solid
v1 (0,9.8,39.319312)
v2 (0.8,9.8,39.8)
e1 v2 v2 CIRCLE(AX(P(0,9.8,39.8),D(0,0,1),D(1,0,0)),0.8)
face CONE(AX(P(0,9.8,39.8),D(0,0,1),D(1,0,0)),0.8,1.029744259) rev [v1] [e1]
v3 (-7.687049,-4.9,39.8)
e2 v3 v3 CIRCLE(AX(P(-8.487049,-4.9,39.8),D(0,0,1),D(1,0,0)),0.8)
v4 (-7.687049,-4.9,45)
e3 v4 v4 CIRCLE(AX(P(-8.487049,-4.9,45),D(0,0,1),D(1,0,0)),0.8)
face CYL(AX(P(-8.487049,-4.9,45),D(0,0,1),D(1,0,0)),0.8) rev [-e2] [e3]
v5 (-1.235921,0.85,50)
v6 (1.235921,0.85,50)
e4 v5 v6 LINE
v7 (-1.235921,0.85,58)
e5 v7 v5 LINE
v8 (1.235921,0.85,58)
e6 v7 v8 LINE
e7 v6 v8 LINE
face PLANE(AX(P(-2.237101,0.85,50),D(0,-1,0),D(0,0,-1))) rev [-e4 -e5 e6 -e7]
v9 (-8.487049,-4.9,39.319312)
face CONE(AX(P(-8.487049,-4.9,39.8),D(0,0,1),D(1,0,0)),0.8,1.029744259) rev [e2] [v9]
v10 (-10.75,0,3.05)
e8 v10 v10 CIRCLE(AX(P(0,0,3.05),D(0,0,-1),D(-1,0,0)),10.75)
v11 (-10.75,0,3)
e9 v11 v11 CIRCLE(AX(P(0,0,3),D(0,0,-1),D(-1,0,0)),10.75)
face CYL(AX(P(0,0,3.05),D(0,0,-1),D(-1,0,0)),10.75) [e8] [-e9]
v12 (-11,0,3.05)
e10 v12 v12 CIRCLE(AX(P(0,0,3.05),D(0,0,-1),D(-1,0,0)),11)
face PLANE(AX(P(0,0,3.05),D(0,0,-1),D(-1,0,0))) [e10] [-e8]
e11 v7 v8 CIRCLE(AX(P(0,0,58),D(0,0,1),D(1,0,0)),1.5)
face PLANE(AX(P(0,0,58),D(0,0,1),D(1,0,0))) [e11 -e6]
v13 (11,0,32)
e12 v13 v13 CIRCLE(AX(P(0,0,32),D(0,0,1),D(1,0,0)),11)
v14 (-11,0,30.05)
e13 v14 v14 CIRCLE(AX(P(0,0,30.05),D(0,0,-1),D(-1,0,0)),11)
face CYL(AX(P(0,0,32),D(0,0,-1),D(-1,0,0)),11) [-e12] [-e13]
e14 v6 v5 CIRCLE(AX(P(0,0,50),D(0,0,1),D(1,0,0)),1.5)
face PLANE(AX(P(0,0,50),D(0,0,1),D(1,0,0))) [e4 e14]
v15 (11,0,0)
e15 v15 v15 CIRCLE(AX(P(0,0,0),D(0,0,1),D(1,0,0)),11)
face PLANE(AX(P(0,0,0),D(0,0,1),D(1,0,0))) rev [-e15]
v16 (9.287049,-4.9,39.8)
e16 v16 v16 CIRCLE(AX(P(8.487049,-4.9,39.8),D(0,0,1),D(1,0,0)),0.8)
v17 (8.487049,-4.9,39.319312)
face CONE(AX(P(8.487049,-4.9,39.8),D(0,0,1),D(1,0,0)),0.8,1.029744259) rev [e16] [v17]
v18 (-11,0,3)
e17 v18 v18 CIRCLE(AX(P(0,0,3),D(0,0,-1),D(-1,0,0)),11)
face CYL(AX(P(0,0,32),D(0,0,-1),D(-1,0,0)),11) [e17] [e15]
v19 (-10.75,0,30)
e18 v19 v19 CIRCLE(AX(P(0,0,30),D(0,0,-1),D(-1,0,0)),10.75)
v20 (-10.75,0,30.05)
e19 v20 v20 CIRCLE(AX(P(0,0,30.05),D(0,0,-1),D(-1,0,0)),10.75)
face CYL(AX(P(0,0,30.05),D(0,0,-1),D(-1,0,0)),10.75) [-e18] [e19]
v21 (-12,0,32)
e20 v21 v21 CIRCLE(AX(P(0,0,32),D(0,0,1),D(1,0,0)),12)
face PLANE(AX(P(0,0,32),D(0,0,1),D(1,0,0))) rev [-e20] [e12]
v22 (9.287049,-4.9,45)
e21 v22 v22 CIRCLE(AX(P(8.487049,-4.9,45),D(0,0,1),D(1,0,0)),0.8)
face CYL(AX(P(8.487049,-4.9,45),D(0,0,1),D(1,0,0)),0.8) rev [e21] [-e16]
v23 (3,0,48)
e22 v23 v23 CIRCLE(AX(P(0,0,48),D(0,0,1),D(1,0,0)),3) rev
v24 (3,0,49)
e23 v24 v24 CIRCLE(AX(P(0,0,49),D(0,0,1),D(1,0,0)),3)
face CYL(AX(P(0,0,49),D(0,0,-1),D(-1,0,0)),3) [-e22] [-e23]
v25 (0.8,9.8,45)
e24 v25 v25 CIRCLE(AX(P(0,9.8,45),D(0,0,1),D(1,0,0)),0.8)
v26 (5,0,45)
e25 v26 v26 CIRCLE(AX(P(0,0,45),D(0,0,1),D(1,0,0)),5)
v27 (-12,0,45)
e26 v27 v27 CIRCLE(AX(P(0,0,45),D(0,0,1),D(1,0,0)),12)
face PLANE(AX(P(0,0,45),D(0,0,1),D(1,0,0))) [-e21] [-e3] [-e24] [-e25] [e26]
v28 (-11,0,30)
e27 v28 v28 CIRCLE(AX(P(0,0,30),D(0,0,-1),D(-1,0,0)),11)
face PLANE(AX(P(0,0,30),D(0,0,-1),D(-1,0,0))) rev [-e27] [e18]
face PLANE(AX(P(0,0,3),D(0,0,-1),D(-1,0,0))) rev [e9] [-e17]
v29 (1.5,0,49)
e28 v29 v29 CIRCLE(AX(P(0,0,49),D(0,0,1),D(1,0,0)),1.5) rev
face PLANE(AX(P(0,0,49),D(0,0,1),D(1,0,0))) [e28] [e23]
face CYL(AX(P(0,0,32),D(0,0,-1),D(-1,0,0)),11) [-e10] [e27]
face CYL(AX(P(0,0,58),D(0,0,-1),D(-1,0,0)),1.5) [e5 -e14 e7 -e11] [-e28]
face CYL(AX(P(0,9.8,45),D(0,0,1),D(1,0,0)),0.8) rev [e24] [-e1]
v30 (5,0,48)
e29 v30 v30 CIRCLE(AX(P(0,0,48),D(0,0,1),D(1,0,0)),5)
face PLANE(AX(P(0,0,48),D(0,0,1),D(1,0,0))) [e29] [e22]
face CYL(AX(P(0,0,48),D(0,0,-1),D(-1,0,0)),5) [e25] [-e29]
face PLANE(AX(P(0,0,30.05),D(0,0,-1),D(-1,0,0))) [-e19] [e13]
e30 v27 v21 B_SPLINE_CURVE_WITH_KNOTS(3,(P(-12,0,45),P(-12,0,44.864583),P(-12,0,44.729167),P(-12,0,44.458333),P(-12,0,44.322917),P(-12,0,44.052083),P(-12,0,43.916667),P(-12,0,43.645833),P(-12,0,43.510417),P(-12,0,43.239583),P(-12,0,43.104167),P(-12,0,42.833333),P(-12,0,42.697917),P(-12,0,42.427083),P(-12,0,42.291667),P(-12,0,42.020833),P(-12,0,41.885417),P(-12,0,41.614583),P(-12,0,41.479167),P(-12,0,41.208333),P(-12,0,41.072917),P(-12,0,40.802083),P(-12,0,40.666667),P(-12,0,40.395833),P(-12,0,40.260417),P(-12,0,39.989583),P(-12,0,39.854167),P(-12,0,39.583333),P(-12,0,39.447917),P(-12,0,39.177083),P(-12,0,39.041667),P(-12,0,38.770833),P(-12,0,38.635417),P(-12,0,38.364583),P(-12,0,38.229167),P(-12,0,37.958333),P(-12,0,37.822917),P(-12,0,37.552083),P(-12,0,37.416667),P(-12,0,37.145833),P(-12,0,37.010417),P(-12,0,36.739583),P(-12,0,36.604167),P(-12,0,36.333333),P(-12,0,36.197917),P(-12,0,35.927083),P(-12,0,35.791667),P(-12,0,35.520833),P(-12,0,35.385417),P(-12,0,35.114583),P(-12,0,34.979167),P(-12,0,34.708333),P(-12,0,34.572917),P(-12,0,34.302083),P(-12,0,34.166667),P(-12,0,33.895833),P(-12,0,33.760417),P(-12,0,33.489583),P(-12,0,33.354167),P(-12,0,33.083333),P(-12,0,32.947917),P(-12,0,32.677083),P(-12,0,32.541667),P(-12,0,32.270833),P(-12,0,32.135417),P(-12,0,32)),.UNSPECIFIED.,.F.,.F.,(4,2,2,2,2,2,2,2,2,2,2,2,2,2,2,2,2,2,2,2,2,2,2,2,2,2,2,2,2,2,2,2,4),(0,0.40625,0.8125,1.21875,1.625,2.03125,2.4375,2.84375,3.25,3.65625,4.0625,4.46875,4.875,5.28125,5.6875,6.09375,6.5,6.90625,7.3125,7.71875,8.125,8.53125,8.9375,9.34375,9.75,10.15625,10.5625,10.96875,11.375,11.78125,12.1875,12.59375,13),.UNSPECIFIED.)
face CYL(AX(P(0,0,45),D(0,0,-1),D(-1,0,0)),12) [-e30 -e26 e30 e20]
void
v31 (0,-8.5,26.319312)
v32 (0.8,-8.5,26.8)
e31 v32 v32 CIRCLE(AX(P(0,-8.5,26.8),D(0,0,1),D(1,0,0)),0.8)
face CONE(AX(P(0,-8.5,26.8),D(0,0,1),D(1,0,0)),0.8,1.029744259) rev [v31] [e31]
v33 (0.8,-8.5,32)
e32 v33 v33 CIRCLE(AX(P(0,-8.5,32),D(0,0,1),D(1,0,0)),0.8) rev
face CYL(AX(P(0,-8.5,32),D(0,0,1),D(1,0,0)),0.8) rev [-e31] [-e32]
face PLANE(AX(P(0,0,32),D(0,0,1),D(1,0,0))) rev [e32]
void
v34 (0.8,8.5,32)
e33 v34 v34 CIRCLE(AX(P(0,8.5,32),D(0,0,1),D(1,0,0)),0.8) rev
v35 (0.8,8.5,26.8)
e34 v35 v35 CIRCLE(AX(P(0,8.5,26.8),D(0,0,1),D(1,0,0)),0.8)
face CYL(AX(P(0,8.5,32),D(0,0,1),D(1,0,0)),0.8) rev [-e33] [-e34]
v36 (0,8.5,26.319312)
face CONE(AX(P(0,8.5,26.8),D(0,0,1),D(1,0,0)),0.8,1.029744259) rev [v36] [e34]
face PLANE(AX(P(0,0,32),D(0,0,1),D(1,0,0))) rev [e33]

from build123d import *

# Parameters (mm, degrees)
SKETCH_1_R             = 11
EXTRUDE_1_DEPTH        = 32
HOLE_WIZARD_M2_1_D     = 1.6
HOLE_WIZARD_M2_1_DEPTH = 5.2
HOLE_WIZARD_M2_1_TIP   = 0.480688495
CUT_EXTRUDE_START      = -3
SKETCH_5_R             = 11.838448527
SKETCH_5_R_2           = 10.75
CUT_EXTRUDE_1_DEPTH    = 0.05
CUT_EXTRUDE_START_2    = -30
SKETCH_5_2_R           = 11.838448527
SKETCH_5_2_R_2         = 10.75
CUT_EXTRUDE_2_DEPTH    = 0.05
SKETCH_6_R             = 12
EXTRUDE_2_DEPTH        = 13
SKETCH_7_R             = 5
EXTRUDE_3_DEPTH        = 3
SKETCH_8_R             = 3
EXTRUDE_4_DEPTH        = 4
SKETCH_9_R             = 1.5
EXTRUDE_5_DEPTH        = 13
SKETCH_10_W            = 5.142844332
SKETCH_10_H            = 1.571012966
CUT_EXTRUDE_3_DEPTH    = 8
HOLE_WIZARD_M2_2_D     = 1.6
HOLE_WIZARD_M2_2_DEPTH = 5.2
HOLE_WIZARD_M2_2_TIP   = 0.480688495


with BuildPart() as part:
    # 草图1 → 凸台-拉伸1 (new body)
    with BuildSketch(Plane.XY):
        Circle(SKETCH_1_R)
    extrude(amount=EXTRUDE_1_DEPTH)

    # M2 螺纹孔1
    with Locations(Plane(origin=(0, 8.5, 32), x_dir=(1, 0, 0), z_dir=(0, 0, 1))):
        with Locations((0, 0), (0, -17)):
            Hole(HOLE_WIZARD_M2_1_D / 2, depth=HOLE_WIZARD_M2_1_DEPTH)
            with Locations((0, 0, -(HOLE_WIZARD_M2_1_DEPTH + HOLE_WIZARD_M2_1_TIP / 2))):  # 118° drill point
                Cone(0, HOLE_WIZARD_M2_1_D / 2, HOLE_WIZARD_M2_1_TIP, mode=Mode.SUBTRACT)

    # 草图5 → 切除-拉伸1 (cut)
    with BuildSketch(Plane(origin=(0, 0, 0), x_dir=(-1, 0, 0), z_dir=(0, 0, -1)).offset(CUT_EXTRUDE_START)):
        Circle(SKETCH_5_R)
        Circle(SKETCH_5_R_2, mode=Mode.SUBTRACT)
    extrude(amount=-CUT_EXTRUDE_1_DEPTH, mode=Mode.SUBTRACT)

    # 草图5<2> → 切除-拉伸2 (cut)
    with BuildSketch(Plane(origin=(0, 0, 0), x_dir=(-1, 0, 0), z_dir=(0, 0, -1)).offset(CUT_EXTRUDE_START_2)):
        Circle(SKETCH_5_2_R)
        Circle(SKETCH_5_2_R_2, mode=Mode.SUBTRACT)
    extrude(amount=-CUT_EXTRUDE_2_DEPTH, mode=Mode.SUBTRACT)

    # 草图6 → 凸台-拉伸2 (add)
    with BuildSketch(Plane.XY.offset(32)):
        Circle(SKETCH_6_R)
    extrude(amount=EXTRUDE_2_DEPTH)

    # 草图7 → 凸台-拉伸3 (add)
    with BuildSketch(Plane.XY.offset(45)):
        Circle(SKETCH_7_R)
    extrude(amount=EXTRUDE_3_DEPTH)

    # 草图8 → 凸台-拉伸4 (add)
    with BuildSketch(Plane.XY.offset(45)):
        Circle(SKETCH_8_R)
    extrude(amount=EXTRUDE_4_DEPTH)

    # 草图9 → 凸台-拉伸5 (add)
    with BuildSketch(Plane.XY.offset(45)):
        Circle(SKETCH_9_R)
    extrude(amount=EXTRUDE_5_DEPTH)

    # 草图10 → 切除-拉伸3 (cut)
    with BuildSketch(Plane.XY.offset(58)):
        with Locations((0.334320666, 1.635506483)):
            Rectangle(SKETCH_10_W, SKETCH_10_H)
    extrude(amount=-CUT_EXTRUDE_3_DEPTH, mode=Mode.SUBTRACT)

    # M2 螺纹孔2
    with Locations(Plane(origin=(0, 9.8, 45), x_dir=(1, 0, 0), z_dir=(0, 0, 1))):
        with Locations((0, 0), (8.487048957, -14.7), (-8.487048957, -14.7)):
            Hole(HOLE_WIZARD_M2_2_D / 2, depth=HOLE_WIZARD_M2_2_DEPTH)
            with Locations((0, 0, -(HOLE_WIZARD_M2_2_DEPTH + HOLE_WIZARD_M2_2_TIP / 2))):  # 118° drill point
                Cone(0, HOLE_WIZARD_M2_2_D / 2, HOLE_WIZARD_M2_2_TIP, mode=Mode.SUBTRACT)


solid = part.part
